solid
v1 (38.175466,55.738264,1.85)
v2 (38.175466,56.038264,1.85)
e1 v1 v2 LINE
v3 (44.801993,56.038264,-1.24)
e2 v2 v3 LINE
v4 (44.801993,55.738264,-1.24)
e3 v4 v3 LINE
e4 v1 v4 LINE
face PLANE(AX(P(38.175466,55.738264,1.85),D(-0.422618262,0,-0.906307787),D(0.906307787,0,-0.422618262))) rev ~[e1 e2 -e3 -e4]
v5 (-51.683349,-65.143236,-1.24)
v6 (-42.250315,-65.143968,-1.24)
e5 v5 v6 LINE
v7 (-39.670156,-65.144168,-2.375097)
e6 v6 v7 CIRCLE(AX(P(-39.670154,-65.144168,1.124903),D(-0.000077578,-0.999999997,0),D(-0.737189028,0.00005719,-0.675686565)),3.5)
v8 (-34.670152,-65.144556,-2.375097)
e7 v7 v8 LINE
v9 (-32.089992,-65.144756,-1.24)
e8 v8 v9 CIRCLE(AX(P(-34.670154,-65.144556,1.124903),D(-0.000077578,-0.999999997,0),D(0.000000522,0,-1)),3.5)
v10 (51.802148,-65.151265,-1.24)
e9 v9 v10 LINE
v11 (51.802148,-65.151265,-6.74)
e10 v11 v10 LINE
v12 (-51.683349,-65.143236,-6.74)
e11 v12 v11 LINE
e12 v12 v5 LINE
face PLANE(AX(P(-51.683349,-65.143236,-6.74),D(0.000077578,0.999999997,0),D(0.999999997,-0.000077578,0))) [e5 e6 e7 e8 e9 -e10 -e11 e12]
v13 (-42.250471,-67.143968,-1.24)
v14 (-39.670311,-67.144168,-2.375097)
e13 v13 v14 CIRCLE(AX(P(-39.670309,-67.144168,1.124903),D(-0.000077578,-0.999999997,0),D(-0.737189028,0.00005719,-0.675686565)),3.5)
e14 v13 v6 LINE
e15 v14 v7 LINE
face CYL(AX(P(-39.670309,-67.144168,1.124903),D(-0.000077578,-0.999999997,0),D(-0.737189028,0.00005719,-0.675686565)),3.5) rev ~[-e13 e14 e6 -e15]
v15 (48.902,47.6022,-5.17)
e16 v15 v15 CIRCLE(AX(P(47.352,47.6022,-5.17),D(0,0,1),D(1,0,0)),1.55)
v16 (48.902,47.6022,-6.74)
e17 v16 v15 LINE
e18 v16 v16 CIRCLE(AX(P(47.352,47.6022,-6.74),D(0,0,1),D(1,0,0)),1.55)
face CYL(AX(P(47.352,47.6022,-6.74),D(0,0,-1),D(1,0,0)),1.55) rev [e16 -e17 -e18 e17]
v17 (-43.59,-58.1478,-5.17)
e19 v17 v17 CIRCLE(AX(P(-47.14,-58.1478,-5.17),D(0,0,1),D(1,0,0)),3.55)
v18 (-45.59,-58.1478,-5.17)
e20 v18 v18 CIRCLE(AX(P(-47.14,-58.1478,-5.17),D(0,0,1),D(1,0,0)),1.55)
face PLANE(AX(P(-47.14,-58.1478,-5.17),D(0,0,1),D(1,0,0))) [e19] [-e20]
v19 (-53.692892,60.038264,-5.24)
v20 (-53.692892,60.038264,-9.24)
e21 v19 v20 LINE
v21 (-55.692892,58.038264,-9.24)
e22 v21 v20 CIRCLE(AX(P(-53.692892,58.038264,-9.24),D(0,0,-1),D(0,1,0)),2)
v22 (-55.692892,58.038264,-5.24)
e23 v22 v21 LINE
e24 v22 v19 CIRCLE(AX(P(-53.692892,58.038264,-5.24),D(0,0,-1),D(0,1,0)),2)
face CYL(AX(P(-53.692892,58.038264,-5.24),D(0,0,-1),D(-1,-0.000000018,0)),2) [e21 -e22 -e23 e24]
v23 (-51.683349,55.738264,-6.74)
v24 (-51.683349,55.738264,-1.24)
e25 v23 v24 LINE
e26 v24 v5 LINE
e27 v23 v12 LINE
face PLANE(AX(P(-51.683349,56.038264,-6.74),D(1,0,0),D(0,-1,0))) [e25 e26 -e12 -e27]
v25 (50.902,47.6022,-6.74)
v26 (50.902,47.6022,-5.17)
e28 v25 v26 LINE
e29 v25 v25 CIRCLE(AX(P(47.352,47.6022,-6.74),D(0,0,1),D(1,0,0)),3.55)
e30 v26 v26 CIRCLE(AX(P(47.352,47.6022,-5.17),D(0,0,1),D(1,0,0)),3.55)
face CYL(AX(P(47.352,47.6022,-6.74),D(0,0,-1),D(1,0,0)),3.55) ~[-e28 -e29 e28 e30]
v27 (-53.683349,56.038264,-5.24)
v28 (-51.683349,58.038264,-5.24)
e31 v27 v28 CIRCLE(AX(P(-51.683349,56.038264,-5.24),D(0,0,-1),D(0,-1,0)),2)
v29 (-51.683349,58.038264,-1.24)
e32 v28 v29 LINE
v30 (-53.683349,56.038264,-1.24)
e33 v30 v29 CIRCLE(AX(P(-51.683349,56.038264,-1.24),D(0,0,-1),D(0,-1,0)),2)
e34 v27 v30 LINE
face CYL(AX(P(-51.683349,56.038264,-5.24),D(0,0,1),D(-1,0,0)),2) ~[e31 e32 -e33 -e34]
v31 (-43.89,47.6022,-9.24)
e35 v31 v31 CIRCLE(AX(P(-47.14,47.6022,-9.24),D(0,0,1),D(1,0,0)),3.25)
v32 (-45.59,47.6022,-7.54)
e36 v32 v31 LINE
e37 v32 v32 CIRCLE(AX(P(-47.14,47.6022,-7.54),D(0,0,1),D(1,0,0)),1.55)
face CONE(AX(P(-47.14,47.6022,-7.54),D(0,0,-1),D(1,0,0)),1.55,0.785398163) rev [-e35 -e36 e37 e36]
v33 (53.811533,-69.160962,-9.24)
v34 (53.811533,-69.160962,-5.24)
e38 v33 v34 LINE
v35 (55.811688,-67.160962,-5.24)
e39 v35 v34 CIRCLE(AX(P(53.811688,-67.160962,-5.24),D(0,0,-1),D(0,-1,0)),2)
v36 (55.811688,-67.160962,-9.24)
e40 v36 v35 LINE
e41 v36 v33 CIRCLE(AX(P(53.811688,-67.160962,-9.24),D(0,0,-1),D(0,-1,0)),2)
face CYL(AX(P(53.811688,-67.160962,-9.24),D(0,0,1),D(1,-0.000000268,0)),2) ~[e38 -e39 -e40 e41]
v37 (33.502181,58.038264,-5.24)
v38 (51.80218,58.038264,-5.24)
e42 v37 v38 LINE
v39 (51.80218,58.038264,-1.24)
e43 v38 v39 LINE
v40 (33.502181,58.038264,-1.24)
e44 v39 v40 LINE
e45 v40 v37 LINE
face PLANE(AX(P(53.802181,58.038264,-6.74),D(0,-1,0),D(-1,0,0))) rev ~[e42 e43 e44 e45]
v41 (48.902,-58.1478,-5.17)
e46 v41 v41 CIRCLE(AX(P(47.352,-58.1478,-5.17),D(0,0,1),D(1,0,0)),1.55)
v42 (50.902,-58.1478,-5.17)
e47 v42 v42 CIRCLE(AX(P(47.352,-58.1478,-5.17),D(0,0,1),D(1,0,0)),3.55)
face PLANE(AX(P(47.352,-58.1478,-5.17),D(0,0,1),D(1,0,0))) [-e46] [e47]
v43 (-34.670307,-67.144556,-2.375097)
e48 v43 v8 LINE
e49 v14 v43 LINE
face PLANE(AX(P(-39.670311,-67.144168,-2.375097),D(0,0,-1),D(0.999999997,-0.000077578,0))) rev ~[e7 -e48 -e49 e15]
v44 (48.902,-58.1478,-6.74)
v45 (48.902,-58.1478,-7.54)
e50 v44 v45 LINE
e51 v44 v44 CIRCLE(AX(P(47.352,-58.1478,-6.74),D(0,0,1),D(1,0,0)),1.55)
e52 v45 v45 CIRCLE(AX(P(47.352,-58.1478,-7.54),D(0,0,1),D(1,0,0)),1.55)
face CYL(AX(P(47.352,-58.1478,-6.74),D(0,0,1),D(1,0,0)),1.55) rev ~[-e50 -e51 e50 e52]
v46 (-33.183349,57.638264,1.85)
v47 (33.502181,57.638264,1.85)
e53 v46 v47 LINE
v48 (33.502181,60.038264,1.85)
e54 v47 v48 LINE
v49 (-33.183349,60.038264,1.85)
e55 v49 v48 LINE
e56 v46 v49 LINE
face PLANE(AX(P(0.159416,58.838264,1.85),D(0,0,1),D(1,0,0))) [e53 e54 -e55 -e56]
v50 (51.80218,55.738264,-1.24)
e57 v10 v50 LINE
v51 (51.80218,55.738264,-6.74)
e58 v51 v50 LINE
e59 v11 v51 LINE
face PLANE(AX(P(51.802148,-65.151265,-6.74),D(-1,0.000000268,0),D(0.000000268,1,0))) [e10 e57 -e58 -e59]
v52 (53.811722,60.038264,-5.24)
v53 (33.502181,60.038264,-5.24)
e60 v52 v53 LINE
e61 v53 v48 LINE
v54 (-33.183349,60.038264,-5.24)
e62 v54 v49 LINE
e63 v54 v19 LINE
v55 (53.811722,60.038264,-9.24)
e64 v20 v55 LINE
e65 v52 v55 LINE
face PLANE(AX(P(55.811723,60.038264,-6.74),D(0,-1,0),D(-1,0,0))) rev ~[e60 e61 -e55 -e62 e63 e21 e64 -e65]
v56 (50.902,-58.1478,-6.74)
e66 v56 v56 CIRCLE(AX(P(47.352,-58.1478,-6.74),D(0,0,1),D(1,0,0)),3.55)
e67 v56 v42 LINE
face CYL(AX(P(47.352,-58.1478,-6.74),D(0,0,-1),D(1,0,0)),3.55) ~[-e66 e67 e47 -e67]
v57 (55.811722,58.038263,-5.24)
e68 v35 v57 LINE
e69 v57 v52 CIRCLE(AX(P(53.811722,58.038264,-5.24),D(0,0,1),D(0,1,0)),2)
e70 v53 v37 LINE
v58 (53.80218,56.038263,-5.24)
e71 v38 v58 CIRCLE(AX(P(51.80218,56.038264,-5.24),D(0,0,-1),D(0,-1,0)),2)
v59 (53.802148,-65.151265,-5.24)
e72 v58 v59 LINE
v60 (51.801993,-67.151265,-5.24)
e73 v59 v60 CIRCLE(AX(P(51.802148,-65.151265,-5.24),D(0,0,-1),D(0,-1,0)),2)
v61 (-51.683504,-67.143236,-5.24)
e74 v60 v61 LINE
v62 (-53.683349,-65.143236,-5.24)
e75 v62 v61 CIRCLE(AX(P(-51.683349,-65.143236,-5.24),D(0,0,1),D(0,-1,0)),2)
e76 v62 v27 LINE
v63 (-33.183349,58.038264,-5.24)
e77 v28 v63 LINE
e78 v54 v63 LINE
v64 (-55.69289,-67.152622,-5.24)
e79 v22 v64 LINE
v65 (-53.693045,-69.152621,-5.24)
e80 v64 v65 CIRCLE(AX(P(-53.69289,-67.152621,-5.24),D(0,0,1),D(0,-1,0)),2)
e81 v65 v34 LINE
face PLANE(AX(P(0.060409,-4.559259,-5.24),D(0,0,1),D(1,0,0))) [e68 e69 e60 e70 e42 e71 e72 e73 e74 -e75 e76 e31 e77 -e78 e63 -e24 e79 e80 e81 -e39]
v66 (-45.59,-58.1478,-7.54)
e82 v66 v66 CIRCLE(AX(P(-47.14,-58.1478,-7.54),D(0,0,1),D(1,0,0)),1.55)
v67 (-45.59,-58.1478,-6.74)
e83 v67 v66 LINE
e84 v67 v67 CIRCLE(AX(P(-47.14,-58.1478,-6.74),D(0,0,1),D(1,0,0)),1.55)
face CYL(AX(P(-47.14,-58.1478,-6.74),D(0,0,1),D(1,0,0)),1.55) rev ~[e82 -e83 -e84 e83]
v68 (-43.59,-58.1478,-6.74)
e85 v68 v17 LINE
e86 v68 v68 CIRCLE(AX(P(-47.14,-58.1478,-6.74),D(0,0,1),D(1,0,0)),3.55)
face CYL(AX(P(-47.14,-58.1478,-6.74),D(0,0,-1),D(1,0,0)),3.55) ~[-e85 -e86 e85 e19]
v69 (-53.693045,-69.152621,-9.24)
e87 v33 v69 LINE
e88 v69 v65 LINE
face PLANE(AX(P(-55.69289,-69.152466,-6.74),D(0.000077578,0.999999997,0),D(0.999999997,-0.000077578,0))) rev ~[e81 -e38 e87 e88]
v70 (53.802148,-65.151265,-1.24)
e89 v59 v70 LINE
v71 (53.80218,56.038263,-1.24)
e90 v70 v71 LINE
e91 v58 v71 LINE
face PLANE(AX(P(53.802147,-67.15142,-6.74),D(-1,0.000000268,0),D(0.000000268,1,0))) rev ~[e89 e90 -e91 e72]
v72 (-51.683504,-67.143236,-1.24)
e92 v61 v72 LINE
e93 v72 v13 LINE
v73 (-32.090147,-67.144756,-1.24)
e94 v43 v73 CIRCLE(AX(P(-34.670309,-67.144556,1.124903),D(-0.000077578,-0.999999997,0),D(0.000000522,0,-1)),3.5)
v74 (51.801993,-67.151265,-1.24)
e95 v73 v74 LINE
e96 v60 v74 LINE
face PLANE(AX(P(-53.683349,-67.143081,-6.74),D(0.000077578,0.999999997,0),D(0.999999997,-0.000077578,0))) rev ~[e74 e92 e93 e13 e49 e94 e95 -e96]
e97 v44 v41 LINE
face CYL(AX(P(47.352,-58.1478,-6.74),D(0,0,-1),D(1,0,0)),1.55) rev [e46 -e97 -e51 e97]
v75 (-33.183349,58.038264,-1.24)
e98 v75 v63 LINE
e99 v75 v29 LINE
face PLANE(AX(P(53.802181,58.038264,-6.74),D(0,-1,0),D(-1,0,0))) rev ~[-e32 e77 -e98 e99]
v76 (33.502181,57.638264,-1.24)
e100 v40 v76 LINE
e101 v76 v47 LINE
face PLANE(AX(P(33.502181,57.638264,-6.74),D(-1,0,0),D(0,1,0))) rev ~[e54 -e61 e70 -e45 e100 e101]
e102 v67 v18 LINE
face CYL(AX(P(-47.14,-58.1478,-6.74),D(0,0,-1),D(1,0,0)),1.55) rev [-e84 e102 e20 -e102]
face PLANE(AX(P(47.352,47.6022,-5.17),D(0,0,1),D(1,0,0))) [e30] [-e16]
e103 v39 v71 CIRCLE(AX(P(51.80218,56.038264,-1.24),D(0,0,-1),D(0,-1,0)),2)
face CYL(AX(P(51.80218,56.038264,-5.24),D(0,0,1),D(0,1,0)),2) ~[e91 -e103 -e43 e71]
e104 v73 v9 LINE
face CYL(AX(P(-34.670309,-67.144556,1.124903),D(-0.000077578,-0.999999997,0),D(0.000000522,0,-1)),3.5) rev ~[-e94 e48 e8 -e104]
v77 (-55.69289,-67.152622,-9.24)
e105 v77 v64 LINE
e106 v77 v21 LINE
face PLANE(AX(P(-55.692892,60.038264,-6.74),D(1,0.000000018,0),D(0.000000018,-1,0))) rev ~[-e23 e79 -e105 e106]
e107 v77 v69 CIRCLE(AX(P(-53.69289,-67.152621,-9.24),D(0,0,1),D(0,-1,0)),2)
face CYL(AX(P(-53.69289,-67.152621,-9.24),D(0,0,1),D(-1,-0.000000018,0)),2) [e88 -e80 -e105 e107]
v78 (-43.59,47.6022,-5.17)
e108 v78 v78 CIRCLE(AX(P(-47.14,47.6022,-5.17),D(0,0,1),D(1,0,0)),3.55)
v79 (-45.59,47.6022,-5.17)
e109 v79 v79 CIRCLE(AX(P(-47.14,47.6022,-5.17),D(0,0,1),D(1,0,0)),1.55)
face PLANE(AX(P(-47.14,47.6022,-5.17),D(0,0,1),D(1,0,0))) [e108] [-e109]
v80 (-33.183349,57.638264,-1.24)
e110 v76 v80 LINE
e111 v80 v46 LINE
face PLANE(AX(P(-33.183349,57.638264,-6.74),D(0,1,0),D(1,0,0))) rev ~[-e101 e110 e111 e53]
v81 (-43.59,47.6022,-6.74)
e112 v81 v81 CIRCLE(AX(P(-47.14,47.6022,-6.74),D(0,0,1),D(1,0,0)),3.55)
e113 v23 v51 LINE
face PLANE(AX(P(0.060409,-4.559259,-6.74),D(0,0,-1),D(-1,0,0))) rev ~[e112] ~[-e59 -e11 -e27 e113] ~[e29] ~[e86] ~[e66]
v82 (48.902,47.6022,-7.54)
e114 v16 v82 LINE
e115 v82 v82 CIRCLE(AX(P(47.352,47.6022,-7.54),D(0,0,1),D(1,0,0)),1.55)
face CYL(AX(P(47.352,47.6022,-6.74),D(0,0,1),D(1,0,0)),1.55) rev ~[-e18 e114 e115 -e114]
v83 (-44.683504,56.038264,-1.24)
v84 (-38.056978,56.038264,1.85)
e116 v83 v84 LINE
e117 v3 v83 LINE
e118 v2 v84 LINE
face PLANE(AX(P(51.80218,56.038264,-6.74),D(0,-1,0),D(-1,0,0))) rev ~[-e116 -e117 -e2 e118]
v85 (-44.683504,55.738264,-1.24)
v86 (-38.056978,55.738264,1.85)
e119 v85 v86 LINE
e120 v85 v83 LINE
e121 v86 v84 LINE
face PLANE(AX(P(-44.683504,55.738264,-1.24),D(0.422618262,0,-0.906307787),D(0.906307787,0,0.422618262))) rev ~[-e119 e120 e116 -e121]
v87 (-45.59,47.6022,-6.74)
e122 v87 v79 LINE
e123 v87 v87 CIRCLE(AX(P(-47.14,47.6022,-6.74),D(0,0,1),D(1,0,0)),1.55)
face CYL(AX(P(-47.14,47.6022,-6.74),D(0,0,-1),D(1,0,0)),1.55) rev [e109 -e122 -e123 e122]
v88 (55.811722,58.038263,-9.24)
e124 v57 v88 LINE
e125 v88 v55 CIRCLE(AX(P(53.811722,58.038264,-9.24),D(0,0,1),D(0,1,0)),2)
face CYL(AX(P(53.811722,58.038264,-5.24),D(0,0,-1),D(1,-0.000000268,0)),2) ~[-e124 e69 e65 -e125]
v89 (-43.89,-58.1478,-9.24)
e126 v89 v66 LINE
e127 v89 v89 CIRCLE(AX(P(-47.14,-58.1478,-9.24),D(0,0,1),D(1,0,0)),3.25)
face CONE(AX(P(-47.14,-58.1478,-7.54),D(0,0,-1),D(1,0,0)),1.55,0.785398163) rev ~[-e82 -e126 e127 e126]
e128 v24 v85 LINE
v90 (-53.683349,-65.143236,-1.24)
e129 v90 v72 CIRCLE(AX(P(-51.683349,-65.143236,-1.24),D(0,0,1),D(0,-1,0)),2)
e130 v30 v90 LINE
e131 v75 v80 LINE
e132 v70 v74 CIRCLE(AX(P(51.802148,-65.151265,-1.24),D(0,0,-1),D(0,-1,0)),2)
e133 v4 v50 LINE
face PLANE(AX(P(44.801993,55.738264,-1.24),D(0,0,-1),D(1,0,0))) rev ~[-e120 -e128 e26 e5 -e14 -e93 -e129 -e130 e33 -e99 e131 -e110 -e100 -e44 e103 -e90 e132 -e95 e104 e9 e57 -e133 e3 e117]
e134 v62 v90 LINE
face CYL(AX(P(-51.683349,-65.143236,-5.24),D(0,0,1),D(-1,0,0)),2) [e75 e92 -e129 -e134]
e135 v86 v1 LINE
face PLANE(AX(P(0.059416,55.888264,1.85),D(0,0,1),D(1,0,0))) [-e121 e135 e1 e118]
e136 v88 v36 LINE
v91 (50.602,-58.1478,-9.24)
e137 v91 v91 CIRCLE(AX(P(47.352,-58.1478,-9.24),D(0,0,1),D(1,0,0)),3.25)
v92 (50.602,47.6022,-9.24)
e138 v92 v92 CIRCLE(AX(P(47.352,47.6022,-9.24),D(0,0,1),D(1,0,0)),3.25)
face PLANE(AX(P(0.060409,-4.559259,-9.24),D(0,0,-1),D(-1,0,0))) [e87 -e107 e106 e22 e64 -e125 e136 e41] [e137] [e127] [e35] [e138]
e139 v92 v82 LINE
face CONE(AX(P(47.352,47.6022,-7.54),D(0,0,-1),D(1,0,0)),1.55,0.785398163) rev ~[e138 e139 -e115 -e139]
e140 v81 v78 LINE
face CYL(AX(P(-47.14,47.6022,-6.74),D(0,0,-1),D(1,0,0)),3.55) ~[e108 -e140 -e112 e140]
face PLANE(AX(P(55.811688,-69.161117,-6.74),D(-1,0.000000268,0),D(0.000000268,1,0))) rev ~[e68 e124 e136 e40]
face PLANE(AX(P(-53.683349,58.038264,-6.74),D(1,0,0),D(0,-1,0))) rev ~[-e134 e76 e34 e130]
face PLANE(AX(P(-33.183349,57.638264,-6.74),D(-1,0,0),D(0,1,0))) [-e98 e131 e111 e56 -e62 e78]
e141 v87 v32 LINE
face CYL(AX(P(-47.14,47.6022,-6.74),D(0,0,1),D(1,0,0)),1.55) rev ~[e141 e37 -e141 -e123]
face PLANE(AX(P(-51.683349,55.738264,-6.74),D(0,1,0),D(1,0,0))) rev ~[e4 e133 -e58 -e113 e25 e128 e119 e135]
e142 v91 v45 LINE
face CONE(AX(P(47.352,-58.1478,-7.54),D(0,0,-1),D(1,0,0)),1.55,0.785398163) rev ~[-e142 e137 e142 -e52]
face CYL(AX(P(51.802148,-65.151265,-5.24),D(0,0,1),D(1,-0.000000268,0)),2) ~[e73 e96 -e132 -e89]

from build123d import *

# Parameters (mm, degrees)
DODANIE_WYCI_GNI_CIE1_DEPTH      = 0.5
DODANIE_WYCI_GNI_CIE1_DEPTH_BACK = 2
DODANIE_WYCI_GNI_CIE2_DEPTH      = 5.5
DODANIE_WYCI_GNI_CIE3_DEPTH      = 1.5
ZAOKR_GLENIE1_R                  = 2
SZKIC6_W                         = 66.685530181
SZKIC6_H                         = 2.4
DODANIE_WYCI_GNI_CIE4_DEPTH      = 8.59
DODANIE_WYCI_GNI_CIE5_DEPTH      = 8.59
WYTNIJ_WYCI_GNI_CIE1_DEPTH       = 5.5
SZKIC13_R                        = 3.55
SZKIC13_R_2                      = 1.6
SZKIC13_R_3                      = 1.55
DODANIE_WYCI_GNI_CIE7_DEPTH      = 1.57
SZKIC13_3_R                      = 1.55
WYTNIJ_WYCI_GNI_CIE2_DEPTH       = 90.285917207
WYTNIJ_WYCI_GNI_CIE3_DEPTH       = 2
SFAZOWANIE1_SIZE                 = 1.7


with BuildPart() as part:
    # Szkic3 → Dodanie-wyciągnięcie1 (new, two sides: drawn at the far end of the back side and taken through both)
    with BuildSketch(Plane(origin=(0, 0, -8.74), x_dir=(-1, 0, 0), z_dir=(0, 0, -1)).offset(-DODANIE_WYCI_GNI_CIE1_DEPTH_BACK)):
        Polygon((55.692889856, -69.15246634), (55.692892168, 60.038263946), (-55.811722529, 60.038263946), (-55.811687853, -69.161116694), align=None)
    extrude(amount=DODANIE_WYCI_GNI_CIE1_DEPTH + DODANIE_WYCI_GNI_CIE1_DEPTH_BACK)

    # Szkic4 → Dodanie-wyciągnięcie2 (add)
    with BuildSketch(Plane.XY.offset(-6.74)):
        Polygon((53.802147291, -67.151419689), (53.80218089, 58.038263946), (-53.683348754, 58.038263946), (-53.683348754, -67.143081129), align=None)
        Polygon((51.802147827, -65.151264526), (51.802180354, 56.038263946), (-51.683348754, 56.038263946), (-51.683348754, -65.14323628), align=None, mode=Mode.SUBTRACT)
    extrude(amount=DODANIE_WYCI_GNI_CIE2_DEPTH)

    # Szkic4<3> → Dodanie-wyciągnięcie3 (add)
    with BuildSketch(Plane.XY.offset(-6.74)):
        Polygon((-55.692892168, 60.038263946), (-55.692889856, -69.15246634), (55.811687853, -69.161116694), (55.811722529, 60.038263946), align=None)
        Polygon((-53.683348754, -67.143081129), (-53.683348754, 58.038263946), (53.80218089, 58.038263946), (53.802147291, -67.151419689), align=None, mode=Mode.SUBTRACT)
    extrude(amount=DODANIE_WYCI_GNI_CIE3_DEPTH)

    # Zaokrąglenie1
    zaokr_glenie1_edges = [part.edges().sort_by_distance(p)[0] for p in [
        (53.80218089, 58.038263946, -3.24),
        (-53.683348754, 58.038263946, -3.24),
        (-53.683348754, -67.143081129, -3.24),
        (53.802147291, -67.151419689, -3.24),
        (55.811687853, -69.161116694, -7.24),
        (55.811722529, 60.038263946, -7.24),
        (-55.692892168, 60.038263946, -7.24),
        (-55.692889856, -69.15246634, -7.24),
    ]]
    fillet(zaokr_glenie1_edges, radius=ZAOKR_GLENIE1_R)

    # Szkic6 → Dodanie-wyciągnięcie4 (add)
    with BuildSketch(Plane.XY.offset(-6.74)):
        with Locations((0.159416337, 58.838263946)):
            Rectangle(SZKIC6_W, SZKIC6_H)
    extrude(amount=DODANIE_WYCI_GNI_CIE4_DEPTH)

    # Szkic7 → Dodanie-wyciągnięcie5 (add)
    with BuildSketch(Plane.XY.offset(-6.74)):
        Polygon((-51.683348754, 55.738263946), (51.802180273, 55.738263946), (51.802180354, 56.038263946), (-51.683348754, 56.038263946), align=None)
    extrude(amount=DODANIE_WYCI_GNI_CIE5_DEPTH)

    # Szkic9 → Wytnij-wyciągnięcie1 (cut)
    with BuildSketch(Plane.XZ.offset(-55.738263946)):
        Polygon((51.802180273, 1.85), (38.175466286, 1.85), (44.80199267, -1.24), (51.80199267, -1.24), (51.802180273, -1.24), align=None)
        Polygon((-38.056977527, 1.85), (-51.683348754, 1.85), (-51.683348754, -1.24), (-44.683503911, -1.24), align=None)
    extrude(amount=-WYTNIJ_WYCI_GNI_CIE1_DEPTH, mode=Mode.SUBTRACT)

    # Szkic13 → Dodanie-wyciągnięcie7 (add)
    # profile 1 of 8: a face of its own
    with BuildSketch(Plane.XY.offset(-6.74)):
        with Locations((-47.14, 47.6022)):
            Circle(SZKIC13_R)
        with Locations((-47.14, 47.6022)):
            Circle(SZKIC13_R_2, mode=Mode.SUBTRACT)
    # profile 2 of 8: a face of its own
    with BuildSketch(Plane.XY.offset(-6.74)):
        with Locations((-47.14, 47.6022)):
            Circle(SZKIC13_R_2)
        with Locations((-47.14, 47.6022)):
            Circle(SZKIC13_R_3, mode=Mode.SUBTRACT)
    # profile 3 of 8: a face of its own
    with BuildSketch(Plane.XY.offset(-6.74)):
        with Locations((47.352, 47.6022)):
            Circle(SZKIC13_R)
        with Locations((47.352, 47.6022)):
            Circle(SZKIC13_R_2, mode=Mode.SUBTRACT)
    # profile 4 of 8: a face of its own
    with BuildSketch(Plane.XY.offset(-6.74)):
        with Locations((47.352, 47.6022)):
            Circle(SZKIC13_R_2)
        with Locations((47.352, 47.6022)):
            Circle(SZKIC13_R_3, mode=Mode.SUBTRACT)
    # profile 5 of 8: a face of its own
    with BuildSketch(Plane.XY.offset(-6.74)):
        with Locations((-47.14, -58.1478)):
            Circle(SZKIC13_R)
        with Locations((-47.14, -58.1478)):
            Circle(SZKIC13_R_2, mode=Mode.SUBTRACT)
    # profile 6 of 8: a face of its own
    with BuildSketch(Plane.XY.offset(-6.74)):
        with Locations((-47.14, -58.1478)):
            Circle(SZKIC13_R_2)
        with Locations((-47.14, -58.1478)):
            Circle(SZKIC13_R_3, mode=Mode.SUBTRACT)
    # profile 7 of 8: a face of its own
    with BuildSketch(Plane.XY.offset(-6.74)):
        with Locations((47.352, -58.1478)):
            Circle(SZKIC13_R)
        with Locations((47.352, -58.1478)):
            Circle(SZKIC13_R_2, mode=Mode.SUBTRACT)
    # profile 8 of 8: a face of its own
    with BuildSketch(Plane.XY.offset(-6.74)):
        with Locations((47.352, -58.1478)):
            Circle(SZKIC13_R_2)
        with Locations((47.352, -58.1478)):
            Circle(SZKIC13_R_3, mode=Mode.SUBTRACT)
    extrude(amount=DODANIE_WYCI_GNI_CIE7_DEPTH)

    # Szkic13<3> → Wytnij-wyciągnięcie2 (cut, through all)
    with BuildSketch(Plane.XY.offset(-6.74)):
        with Locations((-47.14, -58.1478)):
            Circle(SZKIC13_3_R)
        with Locations((-47.14, 47.6022)):
            Circle(SZKIC13_3_R)
        with Locations((47.352, 47.6022)):
            Circle(SZKIC13_3_R)
        with Locations((47.352, -58.1478)):
            Circle(SZKIC13_3_R)
    extrude(amount=-WYTNIJ_WYCI_GNI_CIE2_DEPTH, mode=Mode.SUBTRACT)

    # Szkic18 → Wytnij-wyciągnięcie3 (cut)
    with BuildSketch(Plane(origin=(-0.00520918, -67.147245397, 0), x_dir=(0.999999996990791, -7.757846392237927e-05, 0), z_dir=(-7.757846392237927e-05, -0.999999996990791, 0))):
        with BuildLine():
            ThreePointArc((-42.245261471, -1.24), (-41.074504923, -2.078778872), (-39.665102055, -2.375097025))
            Line((-39.665102055, -2.375097025), (-34.665098037, -2.375097025))
            ThreePointArc((-34.665098037, -2.375097025), (-33.255694971, -2.078778946), (-32.084938256, -1.24))
            Line((-32.084938256, -1.24), (-42.245261471, -1.24))
        make_face()
    extrude(amount=-WYTNIJ_WYCI_GNI_CIE3_DEPTH, mode=Mode.SUBTRACT)

    # Sfazowanie1
    sfazowanie1_edges = [part.edges().sort_by_distance(p)[0] for p in [
        (45.802, -58.1478, -9.24),
        (45.802, 47.6022, -9.24),
        (-48.69, 47.6022, -9.24),
        (-48.69, -58.1478, -9.24),
    ]]
    chamfer(sfazowanie1_edges, length=SFAZOWANIE1_SIZE)


solid = part.part
